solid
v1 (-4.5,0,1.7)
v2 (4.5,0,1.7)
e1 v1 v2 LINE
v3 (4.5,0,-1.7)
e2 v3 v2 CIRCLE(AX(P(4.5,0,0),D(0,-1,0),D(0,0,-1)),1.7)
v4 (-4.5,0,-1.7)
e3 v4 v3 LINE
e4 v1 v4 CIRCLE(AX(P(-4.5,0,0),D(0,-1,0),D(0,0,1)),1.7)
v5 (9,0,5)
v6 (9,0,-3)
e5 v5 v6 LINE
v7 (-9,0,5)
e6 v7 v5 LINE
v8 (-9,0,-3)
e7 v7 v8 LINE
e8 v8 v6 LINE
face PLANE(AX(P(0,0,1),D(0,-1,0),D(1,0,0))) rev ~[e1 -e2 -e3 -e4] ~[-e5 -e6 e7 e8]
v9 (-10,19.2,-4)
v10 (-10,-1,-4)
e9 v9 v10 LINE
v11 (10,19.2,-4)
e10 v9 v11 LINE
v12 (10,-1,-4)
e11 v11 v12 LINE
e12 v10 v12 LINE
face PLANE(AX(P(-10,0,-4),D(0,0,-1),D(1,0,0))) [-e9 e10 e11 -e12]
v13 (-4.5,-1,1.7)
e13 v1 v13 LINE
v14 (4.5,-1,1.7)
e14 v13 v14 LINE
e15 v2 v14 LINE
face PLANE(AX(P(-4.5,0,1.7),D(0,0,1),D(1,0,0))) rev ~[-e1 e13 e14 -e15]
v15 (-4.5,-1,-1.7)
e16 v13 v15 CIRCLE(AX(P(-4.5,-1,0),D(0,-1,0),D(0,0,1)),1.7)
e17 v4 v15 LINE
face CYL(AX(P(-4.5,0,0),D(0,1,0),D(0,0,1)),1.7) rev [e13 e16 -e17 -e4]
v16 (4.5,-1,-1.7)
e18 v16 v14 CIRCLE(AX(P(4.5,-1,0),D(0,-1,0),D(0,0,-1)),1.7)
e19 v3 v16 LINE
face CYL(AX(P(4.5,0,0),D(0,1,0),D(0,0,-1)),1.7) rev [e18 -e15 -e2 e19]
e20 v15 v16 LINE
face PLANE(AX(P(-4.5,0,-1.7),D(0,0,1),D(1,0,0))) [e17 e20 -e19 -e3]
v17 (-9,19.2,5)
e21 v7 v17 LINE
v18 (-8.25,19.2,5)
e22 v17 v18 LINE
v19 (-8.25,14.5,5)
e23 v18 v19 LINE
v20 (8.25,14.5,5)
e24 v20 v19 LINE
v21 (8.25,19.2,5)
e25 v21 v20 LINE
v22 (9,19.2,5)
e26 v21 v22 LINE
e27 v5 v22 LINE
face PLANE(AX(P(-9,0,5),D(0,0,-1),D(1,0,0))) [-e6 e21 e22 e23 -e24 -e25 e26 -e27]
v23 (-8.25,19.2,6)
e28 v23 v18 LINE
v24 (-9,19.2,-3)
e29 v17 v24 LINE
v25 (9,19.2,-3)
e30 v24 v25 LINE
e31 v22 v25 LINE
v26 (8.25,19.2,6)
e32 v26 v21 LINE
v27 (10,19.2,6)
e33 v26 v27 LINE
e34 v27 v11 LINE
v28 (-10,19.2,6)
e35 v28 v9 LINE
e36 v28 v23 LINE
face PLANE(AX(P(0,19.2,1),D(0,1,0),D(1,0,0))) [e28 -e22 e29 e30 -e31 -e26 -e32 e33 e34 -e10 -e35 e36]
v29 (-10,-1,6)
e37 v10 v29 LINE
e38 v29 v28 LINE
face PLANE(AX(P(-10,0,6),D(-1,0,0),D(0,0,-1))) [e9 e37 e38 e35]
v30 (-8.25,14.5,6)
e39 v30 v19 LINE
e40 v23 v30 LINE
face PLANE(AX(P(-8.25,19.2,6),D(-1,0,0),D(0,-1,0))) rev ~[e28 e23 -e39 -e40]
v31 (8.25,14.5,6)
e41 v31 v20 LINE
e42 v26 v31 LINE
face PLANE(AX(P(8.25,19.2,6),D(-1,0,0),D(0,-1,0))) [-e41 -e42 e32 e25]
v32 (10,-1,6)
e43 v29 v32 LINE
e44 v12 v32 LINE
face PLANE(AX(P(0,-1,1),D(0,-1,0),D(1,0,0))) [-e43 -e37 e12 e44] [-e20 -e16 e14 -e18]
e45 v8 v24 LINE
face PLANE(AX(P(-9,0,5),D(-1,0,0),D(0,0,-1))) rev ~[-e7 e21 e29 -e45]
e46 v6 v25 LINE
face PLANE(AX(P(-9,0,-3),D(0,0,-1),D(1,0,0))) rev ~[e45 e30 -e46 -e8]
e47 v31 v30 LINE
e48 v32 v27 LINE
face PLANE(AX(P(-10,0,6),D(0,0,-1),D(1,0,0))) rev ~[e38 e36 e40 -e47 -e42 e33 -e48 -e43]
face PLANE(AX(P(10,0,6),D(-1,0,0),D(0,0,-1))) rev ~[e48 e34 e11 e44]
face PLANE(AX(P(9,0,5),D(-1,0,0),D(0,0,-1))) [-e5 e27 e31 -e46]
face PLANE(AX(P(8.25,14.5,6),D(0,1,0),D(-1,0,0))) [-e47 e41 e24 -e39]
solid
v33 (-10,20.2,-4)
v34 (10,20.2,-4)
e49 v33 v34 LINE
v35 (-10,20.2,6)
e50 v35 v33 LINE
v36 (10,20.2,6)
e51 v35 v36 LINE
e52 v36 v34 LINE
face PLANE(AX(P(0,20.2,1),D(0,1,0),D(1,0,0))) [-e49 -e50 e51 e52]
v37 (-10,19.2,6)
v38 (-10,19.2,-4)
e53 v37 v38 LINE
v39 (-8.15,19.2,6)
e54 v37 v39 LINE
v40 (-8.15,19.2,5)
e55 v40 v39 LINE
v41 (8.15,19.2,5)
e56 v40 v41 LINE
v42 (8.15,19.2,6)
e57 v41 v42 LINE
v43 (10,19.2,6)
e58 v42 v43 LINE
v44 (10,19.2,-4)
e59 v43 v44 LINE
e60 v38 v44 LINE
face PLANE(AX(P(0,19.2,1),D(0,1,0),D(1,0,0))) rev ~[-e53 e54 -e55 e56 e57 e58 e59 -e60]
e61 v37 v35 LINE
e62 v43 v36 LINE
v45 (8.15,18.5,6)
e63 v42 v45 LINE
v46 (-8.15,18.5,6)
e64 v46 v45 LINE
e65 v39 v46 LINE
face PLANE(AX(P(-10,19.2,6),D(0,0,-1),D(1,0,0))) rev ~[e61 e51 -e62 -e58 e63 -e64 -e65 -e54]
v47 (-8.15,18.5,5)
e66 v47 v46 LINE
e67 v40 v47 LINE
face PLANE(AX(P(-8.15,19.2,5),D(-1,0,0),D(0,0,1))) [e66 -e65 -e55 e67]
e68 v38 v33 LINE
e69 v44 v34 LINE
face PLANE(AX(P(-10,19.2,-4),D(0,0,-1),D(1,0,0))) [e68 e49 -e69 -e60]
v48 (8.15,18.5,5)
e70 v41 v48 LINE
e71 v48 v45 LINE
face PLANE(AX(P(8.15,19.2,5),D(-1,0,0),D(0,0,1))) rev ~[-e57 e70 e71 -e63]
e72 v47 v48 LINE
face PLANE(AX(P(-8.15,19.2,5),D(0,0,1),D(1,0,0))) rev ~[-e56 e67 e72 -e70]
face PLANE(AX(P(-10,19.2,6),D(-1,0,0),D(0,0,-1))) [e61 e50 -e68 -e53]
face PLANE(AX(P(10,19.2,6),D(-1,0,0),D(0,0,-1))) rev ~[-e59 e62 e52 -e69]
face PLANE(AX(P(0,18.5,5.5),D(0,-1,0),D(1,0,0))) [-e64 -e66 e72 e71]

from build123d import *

# Parameters (mm, degrees)
SKETCH_W      = 20
SKETCH_H      = 10
PAD_DEPTH     = 1
SKETCH001_W   = 20
SKETCH001_H   = 10
SKETCH001_W_2 = 18
SKETCH001_H_2 = 8
PAD001_DEPTH  = 19.2
SKETCH002_W   = 16.5
SKETCH002_H   = 4.7
POCKET_DEPTH  = 1
SKETCH003_W   = 20
SKETCH003_H   = 10
PAD002_DEPTH  = 1
SKETCH004_W   = 16.3
SKETCH004_H   = 1
PAD003_DEPTH  = 0.7


with BuildPart() as main:
    # Sketch → Pad (new body)
    with BuildSketch(Plane.XZ):
        with Locations((0, 1)):
            Rectangle(SKETCH_W, SKETCH_H)
        with BuildLine():
            ThreePointArc((-4.5, 1.7), (-6.2, 0), (-4.5, -1.7))
            Line((-4.5, -1.7), (4.5, -1.7))
            ThreePointArc((4.5, -1.7), (6.2, 0), (4.5, 1.7))
            Line((-4.5, 1.7), (4.5, 1.7))
        make_face(mode=Mode.SUBTRACT)
    extrude(amount=PAD_DEPTH)

    # Sketch001 (on Face9 of Pad) → Pad001 (join)
    with BuildSketch(Plane(origin=(0, 0, 0), x_dir=(1, 0, 0), z_dir=(0, 1, 0))):
        with Locations((0, -1)):
            Rectangle(SKETCH001_W, SKETCH001_H)
        with Locations((0, -1)):
            Rectangle(SKETCH001_W_2, SKETCH001_H_2, mode=Mode.SUBTRACT)
    extrude(amount=PAD001_DEPTH)

    # Sketch002 (on Face4 of Pad001) → Pocket (cut)
    with BuildSketch(Plane(origin=(0, 0, 6), x_dir=(-1, 0, 0), z_dir=(0, 0, 1))):
        with Locations((0, -16.85)):
            Rectangle(SKETCH002_W, SKETCH002_H)
    extrude(amount=-POCKET_DEPTH, mode=Mode.SUBTRACT)


with BuildPart() as lid:
    # Sketch003 (on Face1 of ReferencePocket) → Pad002 (new body)
    with BuildSketch(Plane(origin=(0, 19.2, 0), x_dir=(1, 0, 0), z_dir=(0, 1, 0))):
        with Locations((0, -1)):
            Rectangle(SKETCH003_W, SKETCH003_H)
    extrude(amount=PAD002_DEPTH)

    # Sketch004 (on Face5 of Pad002) → Pad003 (join)
    with BuildSketch(Plane.XZ.offset(-19.2)):
        with Locations((0, 5.5)):
            Rectangle(SKETCH004_W, SKETCH004_H)
    extrude(amount=PAD003_DEPTH)


solid = Compound([main.part, lid.part])
